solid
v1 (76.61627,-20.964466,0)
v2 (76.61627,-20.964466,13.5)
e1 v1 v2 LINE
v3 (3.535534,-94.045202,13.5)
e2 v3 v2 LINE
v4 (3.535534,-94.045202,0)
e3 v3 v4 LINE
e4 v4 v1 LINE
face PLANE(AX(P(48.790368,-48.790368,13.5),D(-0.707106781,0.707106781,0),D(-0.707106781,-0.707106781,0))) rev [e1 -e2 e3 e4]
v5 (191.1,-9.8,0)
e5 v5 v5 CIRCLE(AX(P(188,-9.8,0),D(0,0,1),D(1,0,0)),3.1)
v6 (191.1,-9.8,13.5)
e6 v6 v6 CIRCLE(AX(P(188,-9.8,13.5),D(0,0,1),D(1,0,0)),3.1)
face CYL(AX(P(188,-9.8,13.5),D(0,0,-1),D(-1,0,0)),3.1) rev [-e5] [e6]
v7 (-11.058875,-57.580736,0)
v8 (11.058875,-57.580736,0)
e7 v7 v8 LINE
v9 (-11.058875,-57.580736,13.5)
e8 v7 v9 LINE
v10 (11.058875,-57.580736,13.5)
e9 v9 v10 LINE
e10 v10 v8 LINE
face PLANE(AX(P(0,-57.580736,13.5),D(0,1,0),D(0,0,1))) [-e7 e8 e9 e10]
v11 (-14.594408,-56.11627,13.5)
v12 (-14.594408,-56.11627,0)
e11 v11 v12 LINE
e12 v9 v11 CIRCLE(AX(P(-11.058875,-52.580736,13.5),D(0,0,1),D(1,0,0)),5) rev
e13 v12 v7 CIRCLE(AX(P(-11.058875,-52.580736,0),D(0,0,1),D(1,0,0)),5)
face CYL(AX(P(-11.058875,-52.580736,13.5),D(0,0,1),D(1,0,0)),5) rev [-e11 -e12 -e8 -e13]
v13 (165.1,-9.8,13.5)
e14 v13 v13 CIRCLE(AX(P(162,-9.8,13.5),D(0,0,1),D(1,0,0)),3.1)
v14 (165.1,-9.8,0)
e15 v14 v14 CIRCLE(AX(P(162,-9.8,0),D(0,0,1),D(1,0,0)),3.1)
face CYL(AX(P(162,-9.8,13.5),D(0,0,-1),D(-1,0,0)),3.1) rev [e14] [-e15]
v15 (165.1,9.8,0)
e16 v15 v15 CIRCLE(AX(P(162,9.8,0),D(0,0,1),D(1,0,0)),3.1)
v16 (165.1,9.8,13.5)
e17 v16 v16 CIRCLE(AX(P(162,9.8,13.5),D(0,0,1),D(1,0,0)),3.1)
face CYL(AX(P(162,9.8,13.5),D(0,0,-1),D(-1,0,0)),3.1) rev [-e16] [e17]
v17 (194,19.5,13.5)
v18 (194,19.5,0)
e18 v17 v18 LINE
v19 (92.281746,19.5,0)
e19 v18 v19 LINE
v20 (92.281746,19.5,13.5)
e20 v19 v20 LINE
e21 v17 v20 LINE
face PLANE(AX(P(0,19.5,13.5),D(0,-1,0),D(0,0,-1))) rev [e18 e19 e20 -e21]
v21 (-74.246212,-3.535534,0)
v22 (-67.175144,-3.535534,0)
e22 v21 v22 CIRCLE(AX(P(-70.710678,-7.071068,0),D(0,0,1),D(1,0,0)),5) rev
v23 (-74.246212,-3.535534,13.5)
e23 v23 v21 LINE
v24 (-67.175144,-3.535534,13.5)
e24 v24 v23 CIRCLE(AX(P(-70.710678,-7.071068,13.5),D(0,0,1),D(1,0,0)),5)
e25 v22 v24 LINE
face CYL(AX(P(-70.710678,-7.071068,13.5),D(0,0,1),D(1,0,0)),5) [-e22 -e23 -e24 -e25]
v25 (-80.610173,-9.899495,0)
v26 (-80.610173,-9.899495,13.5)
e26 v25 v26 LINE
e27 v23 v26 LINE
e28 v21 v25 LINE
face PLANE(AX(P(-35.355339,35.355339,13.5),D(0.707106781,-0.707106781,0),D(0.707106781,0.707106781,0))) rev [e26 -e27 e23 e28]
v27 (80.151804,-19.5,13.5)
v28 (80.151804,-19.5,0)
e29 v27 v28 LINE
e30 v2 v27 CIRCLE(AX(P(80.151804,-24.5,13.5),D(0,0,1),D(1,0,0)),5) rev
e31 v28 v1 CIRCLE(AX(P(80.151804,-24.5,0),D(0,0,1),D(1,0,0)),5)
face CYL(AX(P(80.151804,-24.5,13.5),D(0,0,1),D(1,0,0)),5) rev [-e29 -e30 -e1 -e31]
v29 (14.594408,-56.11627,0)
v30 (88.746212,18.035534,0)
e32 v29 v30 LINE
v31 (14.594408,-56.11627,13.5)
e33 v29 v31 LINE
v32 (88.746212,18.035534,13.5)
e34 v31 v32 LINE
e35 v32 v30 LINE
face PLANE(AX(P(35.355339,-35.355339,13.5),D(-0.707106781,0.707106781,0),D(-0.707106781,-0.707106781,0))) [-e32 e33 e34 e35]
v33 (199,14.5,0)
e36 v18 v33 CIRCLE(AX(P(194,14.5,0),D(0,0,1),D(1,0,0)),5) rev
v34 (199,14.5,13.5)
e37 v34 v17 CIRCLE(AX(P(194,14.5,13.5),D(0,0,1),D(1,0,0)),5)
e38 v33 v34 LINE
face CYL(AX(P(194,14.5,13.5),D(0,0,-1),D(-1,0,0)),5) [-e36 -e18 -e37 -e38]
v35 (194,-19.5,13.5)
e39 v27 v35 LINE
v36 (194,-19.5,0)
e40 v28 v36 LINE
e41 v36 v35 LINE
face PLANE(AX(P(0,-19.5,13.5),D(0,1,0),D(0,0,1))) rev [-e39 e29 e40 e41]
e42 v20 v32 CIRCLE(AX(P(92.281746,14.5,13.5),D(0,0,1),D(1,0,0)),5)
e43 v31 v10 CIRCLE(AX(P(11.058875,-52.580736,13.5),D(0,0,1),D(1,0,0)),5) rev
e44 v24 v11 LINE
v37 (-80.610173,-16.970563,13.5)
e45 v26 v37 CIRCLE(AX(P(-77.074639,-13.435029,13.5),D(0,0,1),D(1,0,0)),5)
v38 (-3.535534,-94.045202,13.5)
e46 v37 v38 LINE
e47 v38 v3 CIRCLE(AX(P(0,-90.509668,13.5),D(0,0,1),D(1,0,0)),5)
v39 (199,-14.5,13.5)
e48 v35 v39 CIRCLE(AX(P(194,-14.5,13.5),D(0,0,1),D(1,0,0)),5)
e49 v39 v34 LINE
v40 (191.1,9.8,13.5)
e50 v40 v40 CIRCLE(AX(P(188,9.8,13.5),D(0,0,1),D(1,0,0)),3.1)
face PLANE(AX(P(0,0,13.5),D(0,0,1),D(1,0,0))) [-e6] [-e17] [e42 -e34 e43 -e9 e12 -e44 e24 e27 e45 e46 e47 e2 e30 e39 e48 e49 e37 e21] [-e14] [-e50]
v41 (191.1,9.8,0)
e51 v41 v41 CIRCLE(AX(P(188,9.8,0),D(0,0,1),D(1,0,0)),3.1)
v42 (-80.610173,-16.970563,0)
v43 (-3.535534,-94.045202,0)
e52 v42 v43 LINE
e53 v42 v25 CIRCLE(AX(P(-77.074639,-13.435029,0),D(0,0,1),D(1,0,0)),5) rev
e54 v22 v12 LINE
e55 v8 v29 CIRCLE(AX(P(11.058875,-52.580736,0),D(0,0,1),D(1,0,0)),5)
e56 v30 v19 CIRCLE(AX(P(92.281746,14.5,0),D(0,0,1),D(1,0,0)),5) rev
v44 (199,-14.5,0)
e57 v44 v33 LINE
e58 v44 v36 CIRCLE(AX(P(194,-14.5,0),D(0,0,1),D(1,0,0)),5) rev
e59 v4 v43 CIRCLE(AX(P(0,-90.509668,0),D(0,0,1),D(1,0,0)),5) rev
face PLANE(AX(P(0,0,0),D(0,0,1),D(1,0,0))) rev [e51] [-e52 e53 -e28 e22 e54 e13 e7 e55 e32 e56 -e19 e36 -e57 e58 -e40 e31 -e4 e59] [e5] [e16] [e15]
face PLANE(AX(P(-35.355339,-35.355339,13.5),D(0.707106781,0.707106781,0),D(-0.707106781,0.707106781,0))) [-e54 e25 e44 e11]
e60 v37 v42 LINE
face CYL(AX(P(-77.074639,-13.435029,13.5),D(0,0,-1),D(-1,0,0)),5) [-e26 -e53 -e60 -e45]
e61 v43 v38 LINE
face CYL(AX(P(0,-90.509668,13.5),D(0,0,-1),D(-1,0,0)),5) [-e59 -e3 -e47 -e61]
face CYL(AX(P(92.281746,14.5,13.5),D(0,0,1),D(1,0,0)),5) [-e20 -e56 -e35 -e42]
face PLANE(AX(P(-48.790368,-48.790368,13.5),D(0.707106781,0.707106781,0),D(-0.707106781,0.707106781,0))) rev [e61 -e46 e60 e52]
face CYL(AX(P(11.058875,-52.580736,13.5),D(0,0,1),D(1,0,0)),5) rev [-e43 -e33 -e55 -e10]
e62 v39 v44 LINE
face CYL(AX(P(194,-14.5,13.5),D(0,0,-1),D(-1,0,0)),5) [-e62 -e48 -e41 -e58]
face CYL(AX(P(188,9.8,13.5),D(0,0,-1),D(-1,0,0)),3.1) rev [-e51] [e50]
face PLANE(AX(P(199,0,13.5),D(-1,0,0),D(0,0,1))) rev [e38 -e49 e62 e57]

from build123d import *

# Parameters (mm, degrees)
SKETCH1_R           = 3.1
BOSS_EXTRUDE1_DEPTH = 13.5
FILLET1_R           = 5


with BuildPart() as part:
    # Sketch1 → Boss-Extrude1 (new body)
    with BuildSketch(Plane.XY):
        Polygon((13.129942315, -57.580735804), (-13.129942315, -57.580735804), (0, -70.710678119), align=None)
        Polygon((0, -70.710678119), (90.210678119, 19.5), (199, 19.5), (199, -19.5), (78.080735804, -19.5), (0, -97.580735804), (-84.145706961, -13.435028843), (-70.710678119, 0), align=None)
        with Locations((188, -9.8)):
            Circle(SKETCH1_R, mode=Mode.SUBTRACT)
        with Locations((162, -9.8)):
            Circle(SKETCH1_R, mode=Mode.SUBTRACT)
        with Locations((162, 9.8)):
            Circle(SKETCH1_R, mode=Mode.SUBTRACT)
        with Locations((188, 9.8)):
            Circle(SKETCH1_R, mode=Mode.SUBTRACT)
    extrude(amount=BOSS_EXTRUDE1_DEPTH)

    # Fillet1
    fillet1_edges = [part.edges().sort_by_distance(p)[0] for p in [
        (13.129942315, -57.580735804, 6.75),
        (90.210678119, 19.5, 6.75),
        (199, 19.5, 6.75),
        (199, -19.5, 6.75),
        (78.080735804, -19.5, 6.75),
        (0, -97.580735804, 6.75),
        (-84.145706961, -13.435028843, 6.75),
        (-70.710678119, 0, 6.75),
        (-13.129942315, -57.580735804, 6.75),
    ]]
    fillet(fillet1_edges, radius=FILLET1_R)


solid = part.part
